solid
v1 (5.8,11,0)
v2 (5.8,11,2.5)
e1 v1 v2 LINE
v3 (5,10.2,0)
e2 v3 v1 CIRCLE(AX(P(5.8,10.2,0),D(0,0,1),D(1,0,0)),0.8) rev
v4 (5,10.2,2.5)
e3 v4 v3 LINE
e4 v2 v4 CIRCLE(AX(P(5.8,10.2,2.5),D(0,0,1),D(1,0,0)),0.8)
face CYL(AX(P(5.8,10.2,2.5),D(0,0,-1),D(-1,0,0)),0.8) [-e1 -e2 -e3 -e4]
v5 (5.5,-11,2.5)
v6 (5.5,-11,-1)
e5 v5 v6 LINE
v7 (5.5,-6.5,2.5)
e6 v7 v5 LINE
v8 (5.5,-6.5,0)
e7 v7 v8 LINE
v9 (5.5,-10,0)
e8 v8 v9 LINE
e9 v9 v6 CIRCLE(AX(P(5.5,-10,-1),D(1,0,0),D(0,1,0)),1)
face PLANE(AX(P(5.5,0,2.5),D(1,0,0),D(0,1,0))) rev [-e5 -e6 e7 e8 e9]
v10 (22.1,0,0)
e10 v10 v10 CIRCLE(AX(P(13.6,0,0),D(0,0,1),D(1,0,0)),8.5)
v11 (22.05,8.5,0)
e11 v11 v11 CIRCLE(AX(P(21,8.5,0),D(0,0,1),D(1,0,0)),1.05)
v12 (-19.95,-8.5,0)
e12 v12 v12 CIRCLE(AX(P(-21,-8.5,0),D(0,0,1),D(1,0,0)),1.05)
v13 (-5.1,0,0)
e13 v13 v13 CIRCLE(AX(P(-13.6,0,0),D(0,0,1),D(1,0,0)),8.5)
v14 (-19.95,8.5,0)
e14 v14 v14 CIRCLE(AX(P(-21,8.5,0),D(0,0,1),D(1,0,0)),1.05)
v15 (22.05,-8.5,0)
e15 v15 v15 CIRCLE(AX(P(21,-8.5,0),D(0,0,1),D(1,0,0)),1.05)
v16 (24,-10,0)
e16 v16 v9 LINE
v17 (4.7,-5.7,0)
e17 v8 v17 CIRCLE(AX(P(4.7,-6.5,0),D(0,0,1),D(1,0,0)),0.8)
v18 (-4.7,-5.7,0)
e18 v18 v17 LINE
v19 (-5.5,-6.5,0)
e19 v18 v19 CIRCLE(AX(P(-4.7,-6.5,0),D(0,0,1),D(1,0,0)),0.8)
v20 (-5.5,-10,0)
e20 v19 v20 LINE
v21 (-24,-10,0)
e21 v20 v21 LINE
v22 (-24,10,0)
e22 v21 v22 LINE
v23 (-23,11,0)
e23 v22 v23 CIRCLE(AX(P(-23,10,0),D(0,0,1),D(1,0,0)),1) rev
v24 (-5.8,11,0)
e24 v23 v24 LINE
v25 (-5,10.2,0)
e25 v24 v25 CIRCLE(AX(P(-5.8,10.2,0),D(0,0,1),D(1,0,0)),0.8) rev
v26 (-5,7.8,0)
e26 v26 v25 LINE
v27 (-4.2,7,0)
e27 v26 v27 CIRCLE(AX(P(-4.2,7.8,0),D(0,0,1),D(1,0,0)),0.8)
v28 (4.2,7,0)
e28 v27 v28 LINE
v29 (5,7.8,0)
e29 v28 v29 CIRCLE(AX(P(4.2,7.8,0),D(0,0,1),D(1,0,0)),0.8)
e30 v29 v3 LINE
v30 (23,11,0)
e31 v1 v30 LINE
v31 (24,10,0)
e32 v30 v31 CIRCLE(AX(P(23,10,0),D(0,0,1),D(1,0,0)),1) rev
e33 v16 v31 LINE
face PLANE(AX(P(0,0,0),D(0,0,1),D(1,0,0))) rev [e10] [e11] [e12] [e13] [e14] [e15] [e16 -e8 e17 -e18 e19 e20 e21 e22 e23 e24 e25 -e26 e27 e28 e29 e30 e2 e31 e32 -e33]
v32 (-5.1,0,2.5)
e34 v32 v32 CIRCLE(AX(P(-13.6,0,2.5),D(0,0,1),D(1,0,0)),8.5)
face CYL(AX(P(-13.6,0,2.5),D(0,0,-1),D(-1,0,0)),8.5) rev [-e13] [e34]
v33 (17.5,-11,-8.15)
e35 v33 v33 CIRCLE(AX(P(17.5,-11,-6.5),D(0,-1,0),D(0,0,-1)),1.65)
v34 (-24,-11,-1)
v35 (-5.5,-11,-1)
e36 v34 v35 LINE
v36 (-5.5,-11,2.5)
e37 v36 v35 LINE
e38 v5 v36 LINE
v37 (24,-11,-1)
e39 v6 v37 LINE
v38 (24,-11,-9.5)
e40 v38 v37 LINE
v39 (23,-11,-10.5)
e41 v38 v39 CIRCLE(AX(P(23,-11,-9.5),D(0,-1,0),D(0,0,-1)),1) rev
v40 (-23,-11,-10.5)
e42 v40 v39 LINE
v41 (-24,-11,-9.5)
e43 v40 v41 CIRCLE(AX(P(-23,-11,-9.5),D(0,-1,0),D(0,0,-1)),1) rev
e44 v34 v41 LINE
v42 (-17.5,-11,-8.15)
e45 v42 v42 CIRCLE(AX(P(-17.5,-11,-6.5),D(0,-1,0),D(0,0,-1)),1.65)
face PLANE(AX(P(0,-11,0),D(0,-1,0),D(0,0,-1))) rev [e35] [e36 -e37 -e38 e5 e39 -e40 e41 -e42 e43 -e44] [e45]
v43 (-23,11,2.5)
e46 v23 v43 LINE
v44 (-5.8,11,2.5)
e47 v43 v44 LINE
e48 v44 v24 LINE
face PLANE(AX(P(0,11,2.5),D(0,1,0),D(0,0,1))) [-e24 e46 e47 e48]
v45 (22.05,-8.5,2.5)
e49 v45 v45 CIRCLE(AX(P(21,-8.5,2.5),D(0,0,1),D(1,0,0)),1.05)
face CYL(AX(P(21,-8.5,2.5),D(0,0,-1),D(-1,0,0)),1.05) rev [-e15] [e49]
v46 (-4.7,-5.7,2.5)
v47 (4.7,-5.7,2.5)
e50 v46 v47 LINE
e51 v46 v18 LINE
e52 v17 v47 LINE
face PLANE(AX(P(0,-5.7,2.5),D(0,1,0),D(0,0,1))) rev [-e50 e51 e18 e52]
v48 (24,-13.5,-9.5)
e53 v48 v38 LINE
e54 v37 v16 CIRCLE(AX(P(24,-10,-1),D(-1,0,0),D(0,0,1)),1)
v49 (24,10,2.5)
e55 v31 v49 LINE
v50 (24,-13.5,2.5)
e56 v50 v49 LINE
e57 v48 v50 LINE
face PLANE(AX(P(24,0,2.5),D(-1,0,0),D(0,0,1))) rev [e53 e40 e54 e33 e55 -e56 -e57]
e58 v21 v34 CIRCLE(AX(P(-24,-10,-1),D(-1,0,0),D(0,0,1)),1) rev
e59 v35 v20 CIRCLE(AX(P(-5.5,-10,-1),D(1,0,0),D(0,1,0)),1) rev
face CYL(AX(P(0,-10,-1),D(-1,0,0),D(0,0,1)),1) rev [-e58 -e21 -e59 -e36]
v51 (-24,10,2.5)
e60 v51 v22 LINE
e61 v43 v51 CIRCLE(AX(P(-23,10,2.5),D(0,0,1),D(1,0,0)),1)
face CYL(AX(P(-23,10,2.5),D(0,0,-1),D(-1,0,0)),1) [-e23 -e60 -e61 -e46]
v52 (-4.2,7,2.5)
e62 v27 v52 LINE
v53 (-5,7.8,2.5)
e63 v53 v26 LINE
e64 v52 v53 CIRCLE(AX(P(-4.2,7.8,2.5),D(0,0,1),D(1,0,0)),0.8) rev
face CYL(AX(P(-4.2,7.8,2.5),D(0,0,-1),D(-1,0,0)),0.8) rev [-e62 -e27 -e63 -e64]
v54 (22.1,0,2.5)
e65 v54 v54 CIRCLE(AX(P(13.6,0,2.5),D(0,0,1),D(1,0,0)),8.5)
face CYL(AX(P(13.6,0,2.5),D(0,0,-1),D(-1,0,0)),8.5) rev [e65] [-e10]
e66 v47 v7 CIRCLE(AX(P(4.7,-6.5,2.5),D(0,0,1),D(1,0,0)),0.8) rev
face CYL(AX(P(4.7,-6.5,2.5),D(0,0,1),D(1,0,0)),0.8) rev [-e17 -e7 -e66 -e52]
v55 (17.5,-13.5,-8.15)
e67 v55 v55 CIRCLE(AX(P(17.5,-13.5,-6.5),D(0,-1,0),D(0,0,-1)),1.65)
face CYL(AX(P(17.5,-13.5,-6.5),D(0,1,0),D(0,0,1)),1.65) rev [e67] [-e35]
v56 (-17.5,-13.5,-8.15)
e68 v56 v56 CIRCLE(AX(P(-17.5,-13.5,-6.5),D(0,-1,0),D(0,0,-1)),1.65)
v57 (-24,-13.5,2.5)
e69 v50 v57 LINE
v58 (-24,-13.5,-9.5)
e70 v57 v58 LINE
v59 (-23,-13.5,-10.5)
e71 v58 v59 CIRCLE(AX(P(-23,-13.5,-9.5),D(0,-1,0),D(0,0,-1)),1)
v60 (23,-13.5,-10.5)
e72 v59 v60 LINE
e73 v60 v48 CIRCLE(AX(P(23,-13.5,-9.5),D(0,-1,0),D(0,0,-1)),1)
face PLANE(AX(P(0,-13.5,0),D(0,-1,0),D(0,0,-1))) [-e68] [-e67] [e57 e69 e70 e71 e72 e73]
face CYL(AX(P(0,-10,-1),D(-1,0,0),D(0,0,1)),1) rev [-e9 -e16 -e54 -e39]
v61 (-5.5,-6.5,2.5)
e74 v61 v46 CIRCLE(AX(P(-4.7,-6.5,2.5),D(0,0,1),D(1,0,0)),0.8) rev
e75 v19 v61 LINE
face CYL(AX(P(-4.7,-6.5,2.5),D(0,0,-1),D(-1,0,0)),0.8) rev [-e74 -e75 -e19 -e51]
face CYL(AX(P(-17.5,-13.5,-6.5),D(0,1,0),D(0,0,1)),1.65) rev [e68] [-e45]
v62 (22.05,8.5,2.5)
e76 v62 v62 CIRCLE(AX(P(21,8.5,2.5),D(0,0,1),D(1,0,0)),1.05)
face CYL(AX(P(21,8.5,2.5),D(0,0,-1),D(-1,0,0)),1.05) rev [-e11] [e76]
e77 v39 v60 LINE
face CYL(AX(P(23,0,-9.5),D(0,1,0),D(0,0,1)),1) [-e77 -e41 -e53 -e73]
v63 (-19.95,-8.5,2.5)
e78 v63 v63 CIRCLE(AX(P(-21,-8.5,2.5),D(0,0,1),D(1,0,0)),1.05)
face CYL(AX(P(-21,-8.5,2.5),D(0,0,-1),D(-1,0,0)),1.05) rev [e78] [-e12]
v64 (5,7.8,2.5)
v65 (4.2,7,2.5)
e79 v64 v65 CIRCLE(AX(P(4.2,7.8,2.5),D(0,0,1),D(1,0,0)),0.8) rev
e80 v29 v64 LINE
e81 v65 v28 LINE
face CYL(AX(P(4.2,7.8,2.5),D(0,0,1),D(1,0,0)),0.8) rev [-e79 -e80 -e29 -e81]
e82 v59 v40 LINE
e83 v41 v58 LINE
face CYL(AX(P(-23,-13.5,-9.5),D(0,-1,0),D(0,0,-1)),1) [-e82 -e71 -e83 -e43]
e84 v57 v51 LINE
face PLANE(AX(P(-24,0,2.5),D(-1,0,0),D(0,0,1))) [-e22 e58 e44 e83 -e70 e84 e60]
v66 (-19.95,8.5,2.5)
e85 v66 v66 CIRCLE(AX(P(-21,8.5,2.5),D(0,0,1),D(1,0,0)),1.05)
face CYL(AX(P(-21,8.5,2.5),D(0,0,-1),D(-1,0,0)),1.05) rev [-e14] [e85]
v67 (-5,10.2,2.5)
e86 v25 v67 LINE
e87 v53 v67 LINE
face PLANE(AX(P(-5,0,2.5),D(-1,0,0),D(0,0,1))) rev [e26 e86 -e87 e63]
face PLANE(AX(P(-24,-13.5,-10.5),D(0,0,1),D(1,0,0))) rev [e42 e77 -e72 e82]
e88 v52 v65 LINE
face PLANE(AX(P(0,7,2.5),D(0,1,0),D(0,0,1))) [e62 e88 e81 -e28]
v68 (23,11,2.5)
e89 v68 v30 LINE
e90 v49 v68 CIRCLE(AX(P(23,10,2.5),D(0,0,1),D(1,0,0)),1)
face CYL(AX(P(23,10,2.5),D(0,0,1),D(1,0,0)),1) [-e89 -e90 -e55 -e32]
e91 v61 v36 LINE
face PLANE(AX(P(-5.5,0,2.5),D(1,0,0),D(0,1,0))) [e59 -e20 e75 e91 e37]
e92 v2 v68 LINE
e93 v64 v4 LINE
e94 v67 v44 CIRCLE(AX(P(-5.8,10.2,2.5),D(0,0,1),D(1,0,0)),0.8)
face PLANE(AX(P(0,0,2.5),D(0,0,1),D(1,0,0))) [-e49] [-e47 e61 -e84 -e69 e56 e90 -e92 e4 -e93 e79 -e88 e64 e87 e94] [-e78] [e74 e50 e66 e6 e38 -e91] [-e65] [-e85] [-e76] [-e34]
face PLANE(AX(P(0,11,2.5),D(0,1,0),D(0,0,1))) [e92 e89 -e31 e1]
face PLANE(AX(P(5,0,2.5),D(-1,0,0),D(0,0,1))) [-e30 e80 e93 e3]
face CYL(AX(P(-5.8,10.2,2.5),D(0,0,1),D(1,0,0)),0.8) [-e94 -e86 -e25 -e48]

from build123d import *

# Parameters (mm, degrees)
SKETCH_1_R      = 1.05
SKETCH_1_R_2    = 8.5
EXTRUDE_1_DEPTH = 2.5
FILLET_1_R      = 0.8
SKETCH_2_W      = 48
SKETCH_2_H      = 13
SKETCH_2_R      = 1.65
EXTRUDE_2_DEPTH = 2.5
FILLET_2_R      = 1
FILLET_3_R      = 1


with BuildPart() as part:
    # 草图1 → 凸台-拉伸1 (new body)
    with BuildSketch(Plane.XY):
        Polygon((-24, 11), (-24, -11), (-5.5, -11), (-5.5, -5.7), (5.5, -5.7), (5.5, -11), (24, -11), (24, 11), (5, 11), (5, 7), (-5, 7), (-5, 11), align=None)
        with Locations((-21, -8.5)):
            Circle(SKETCH_1_R, mode=Mode.SUBTRACT)
        with Locations((21, -8.5)):
            Circle(SKETCH_1_R, mode=Mode.SUBTRACT)
        with Locations((-13.6, 0)):
            Circle(SKETCH_1_R_2, mode=Mode.SUBTRACT)
        with Locations((-21, 8.5)):
            Circle(SKETCH_1_R, mode=Mode.SUBTRACT)
        with Locations((13.6, 0)):
            Circle(SKETCH_1_R_2, mode=Mode.SUBTRACT)
        with Locations((21, 8.5)):
            Circle(SKETCH_1_R, mode=Mode.SUBTRACT)
    extrude(amount=EXTRUDE_1_DEPTH)

    # 圆角1
    fillet_1_edges = [part.edges().sort_by_distance(p)[0] for p in [
        (5, 11, 1.25),
        (5.5, -5.7, 1.25),
        (-5.5, -5.7, 1.25),
        (-5, 11, 1.25),
        (-5, 7, 1.25),
        (5, 7, 1.25),
    ]]
    fillet(fillet_1_edges, radius=FILLET_1_R)

    # 草图2 → 凸台-拉伸2 (add)
    with BuildSketch(Plane.XZ.offset(11)):
        with Locations((0, -4)):
            Rectangle(SKETCH_2_W, SKETCH_2_H)
        with Locations(Location((-17.5, -6.5, 0), (0, 0, 270))):
            Circle(SKETCH_2_R, mode=Mode.SUBTRACT)
        with Locations(Location((17.5, -6.5, 0), (0, 0, 270))):
            Circle(SKETCH_2_R, mode=Mode.SUBTRACT)
    extrude(amount=EXTRUDE_2_DEPTH)

    # 圆角2
    fillet_2_edges = [part.edges().sort_by_distance(p)[0] for p in [
        (14.75, -11, 0),
        (-14.75, -11, 0),
    ]]
    fillet(fillet_2_edges, radius=FILLET_2_R)

    # 圆角3
    fillet_3_edges = [part.edges().sort_by_distance(p)[0] for p in [
        (24, 11, 1.25),
        (-24, 11, 1.25),
        (-24, -12.25, -10.5),
        (24, -12.25, -10.5),
    ]]
    fillet(fillet_3_edges, radius=FILLET_3_R)


solid = part.part
